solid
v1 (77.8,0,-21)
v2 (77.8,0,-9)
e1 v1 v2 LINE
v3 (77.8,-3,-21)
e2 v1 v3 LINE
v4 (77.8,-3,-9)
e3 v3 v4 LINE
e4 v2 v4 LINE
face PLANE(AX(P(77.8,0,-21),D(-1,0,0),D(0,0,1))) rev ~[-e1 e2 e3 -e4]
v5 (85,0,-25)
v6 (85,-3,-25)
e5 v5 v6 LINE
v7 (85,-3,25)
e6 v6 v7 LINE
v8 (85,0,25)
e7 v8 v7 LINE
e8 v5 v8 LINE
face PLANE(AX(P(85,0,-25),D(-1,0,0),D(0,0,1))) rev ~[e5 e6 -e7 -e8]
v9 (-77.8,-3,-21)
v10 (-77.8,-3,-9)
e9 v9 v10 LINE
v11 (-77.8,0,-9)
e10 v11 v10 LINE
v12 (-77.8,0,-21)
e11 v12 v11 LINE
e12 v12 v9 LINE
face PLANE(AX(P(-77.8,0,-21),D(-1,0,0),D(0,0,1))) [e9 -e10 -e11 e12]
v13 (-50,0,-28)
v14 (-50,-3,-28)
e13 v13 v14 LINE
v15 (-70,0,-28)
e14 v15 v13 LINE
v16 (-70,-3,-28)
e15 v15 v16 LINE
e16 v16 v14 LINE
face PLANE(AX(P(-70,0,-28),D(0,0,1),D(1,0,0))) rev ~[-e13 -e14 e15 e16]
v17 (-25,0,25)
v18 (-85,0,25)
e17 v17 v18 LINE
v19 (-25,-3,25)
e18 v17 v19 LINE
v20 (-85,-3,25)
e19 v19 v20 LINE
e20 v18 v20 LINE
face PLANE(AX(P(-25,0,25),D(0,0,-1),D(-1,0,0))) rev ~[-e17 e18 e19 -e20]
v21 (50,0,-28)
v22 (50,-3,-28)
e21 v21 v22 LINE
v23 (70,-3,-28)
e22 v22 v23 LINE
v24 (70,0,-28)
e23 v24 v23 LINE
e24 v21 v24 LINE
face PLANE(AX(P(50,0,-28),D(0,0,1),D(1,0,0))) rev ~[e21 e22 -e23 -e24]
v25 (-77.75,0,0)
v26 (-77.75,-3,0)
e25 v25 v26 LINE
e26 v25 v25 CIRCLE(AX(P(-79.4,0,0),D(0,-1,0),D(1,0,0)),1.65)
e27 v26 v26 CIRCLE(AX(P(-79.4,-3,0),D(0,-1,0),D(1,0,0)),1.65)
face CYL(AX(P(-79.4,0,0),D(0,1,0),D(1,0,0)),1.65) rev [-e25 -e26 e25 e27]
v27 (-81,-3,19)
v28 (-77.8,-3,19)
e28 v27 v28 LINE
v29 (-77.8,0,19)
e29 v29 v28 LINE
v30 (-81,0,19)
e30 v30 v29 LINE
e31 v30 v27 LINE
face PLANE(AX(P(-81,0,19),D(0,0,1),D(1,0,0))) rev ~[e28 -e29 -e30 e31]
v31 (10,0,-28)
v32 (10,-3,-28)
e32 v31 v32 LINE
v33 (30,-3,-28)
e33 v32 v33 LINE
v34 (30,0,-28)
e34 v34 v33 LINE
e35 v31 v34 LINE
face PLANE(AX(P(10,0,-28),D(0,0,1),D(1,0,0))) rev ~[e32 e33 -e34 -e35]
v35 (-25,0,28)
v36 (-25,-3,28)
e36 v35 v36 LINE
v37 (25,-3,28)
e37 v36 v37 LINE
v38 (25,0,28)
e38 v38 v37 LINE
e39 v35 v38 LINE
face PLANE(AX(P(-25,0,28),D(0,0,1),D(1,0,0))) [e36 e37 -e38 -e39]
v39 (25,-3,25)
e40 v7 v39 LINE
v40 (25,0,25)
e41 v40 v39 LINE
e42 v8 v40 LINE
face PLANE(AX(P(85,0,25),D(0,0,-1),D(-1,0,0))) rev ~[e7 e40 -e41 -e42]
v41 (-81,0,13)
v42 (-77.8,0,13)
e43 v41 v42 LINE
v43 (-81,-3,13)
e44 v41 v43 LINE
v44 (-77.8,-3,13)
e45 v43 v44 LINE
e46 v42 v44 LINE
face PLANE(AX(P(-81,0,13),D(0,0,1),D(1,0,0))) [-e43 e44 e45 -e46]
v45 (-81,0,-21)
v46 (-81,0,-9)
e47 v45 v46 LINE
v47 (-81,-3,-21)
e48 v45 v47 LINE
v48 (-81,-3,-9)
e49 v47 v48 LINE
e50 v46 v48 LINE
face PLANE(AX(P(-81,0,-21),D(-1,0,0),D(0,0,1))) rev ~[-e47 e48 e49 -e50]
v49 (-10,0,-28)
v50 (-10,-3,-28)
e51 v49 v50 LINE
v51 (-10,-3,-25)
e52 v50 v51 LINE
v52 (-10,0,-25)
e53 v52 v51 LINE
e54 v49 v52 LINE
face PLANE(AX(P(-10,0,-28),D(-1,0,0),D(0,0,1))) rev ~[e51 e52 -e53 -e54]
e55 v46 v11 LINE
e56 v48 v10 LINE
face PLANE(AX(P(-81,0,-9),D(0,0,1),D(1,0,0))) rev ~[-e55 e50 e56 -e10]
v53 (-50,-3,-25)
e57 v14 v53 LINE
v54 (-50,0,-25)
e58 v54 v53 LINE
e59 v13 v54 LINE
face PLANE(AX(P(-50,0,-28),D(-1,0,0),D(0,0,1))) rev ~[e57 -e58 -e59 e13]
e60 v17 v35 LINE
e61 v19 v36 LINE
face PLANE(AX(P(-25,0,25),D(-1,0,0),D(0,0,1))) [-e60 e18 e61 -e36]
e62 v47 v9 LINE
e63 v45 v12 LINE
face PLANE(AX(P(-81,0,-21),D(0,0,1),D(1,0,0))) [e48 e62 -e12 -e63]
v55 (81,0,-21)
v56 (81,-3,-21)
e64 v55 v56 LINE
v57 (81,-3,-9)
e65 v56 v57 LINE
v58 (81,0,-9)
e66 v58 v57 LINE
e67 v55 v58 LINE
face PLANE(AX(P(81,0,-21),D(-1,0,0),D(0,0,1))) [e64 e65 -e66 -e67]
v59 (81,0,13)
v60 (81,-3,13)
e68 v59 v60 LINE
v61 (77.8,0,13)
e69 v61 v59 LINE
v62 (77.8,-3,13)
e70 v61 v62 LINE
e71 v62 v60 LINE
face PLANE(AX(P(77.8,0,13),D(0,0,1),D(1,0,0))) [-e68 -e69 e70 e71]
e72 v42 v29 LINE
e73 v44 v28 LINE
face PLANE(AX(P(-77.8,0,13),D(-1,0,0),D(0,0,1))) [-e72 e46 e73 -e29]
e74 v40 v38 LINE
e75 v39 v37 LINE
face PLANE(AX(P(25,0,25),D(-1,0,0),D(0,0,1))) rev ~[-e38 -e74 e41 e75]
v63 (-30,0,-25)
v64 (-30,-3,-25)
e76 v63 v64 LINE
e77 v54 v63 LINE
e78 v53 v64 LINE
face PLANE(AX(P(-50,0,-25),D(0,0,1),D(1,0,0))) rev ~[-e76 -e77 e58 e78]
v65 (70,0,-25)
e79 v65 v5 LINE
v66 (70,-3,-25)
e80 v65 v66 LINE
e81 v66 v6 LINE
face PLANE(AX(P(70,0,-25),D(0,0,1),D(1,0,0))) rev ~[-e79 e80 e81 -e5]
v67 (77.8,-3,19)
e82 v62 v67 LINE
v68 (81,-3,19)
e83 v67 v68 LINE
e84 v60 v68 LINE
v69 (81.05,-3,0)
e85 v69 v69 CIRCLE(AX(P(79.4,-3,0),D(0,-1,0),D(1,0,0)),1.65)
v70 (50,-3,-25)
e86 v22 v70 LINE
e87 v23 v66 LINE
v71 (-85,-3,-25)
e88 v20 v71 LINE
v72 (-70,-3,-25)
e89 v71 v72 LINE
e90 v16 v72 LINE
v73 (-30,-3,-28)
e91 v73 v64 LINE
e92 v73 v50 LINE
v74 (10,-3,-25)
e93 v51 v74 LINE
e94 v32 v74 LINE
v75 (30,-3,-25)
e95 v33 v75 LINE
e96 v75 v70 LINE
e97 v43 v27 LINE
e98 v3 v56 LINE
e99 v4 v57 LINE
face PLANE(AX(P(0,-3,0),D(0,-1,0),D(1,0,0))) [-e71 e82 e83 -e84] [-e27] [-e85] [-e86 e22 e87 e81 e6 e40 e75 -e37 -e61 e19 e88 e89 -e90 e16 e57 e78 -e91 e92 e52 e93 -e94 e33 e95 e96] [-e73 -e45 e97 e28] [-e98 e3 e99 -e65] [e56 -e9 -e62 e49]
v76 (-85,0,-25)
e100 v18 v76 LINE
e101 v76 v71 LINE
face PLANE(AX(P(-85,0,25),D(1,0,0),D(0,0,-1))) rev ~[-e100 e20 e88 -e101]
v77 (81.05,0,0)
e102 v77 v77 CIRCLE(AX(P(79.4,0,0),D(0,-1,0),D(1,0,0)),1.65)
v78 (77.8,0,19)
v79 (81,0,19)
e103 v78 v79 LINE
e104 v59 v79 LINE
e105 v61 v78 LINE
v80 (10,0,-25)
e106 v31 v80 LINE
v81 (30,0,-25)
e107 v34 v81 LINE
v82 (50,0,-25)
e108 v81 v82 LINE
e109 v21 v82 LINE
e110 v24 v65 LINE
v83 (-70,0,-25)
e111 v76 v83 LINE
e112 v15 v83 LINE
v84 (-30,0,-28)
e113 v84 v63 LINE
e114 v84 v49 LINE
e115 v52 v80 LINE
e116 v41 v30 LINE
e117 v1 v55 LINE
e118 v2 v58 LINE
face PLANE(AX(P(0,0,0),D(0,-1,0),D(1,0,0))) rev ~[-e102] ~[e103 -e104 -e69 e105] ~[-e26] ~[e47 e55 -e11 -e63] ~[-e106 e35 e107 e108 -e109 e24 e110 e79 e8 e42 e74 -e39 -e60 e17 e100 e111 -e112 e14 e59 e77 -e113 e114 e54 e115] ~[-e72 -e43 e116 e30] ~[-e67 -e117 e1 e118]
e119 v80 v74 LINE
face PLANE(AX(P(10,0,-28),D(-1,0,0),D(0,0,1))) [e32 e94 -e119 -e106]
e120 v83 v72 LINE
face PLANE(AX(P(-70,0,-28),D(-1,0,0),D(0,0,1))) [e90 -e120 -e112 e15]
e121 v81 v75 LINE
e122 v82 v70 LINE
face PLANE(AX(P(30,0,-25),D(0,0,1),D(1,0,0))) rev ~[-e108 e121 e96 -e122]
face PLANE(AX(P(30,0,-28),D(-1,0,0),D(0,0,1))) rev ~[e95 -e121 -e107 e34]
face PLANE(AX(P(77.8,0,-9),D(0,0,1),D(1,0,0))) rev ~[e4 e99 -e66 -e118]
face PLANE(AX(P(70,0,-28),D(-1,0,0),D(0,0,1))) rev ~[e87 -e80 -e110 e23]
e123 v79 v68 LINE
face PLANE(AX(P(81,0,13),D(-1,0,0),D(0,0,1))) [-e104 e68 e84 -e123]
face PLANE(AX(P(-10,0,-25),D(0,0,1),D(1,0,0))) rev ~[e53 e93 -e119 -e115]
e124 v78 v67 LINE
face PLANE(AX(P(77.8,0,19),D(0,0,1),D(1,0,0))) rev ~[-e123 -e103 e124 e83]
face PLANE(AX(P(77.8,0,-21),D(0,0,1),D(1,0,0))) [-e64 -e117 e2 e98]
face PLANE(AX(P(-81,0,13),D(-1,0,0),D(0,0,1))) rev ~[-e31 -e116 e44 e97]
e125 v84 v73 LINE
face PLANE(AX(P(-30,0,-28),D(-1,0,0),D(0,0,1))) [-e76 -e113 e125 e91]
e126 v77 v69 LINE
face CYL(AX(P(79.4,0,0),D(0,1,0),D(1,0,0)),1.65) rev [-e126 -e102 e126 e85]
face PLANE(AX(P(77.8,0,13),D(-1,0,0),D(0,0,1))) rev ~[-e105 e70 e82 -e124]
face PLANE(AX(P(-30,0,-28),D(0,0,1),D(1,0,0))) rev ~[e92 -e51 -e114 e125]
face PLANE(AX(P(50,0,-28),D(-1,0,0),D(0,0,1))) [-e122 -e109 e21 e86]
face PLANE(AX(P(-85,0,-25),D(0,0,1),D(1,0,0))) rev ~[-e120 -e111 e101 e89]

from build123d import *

# Parameters (mm, degrees)
F0_W     = 3.2
F0_H     = 12
F0_R     = 1.65
F0_H_2   = 6
F0_W_2   = 50
F0_H_3   = 3
F0_W_3   = 20
F1_DEPTH = 3


with BuildPart() as f1:
    # F0 (on Front) → F1 (new body)
    with BuildSketch(Plane.XZ):
        Polygon((70, -25), (85, -25), (85, 25), (25, 25), (-25, 25), (-85, 25), (-85, -25), (-70, -25), (-50, -25), (-30, -25), (-10, -25), (10, -25), (30, -25), (50, -25), align=None)
        with Locations((-79.4, -15)):
            Rectangle(F0_W, F0_H, mode=Mode.SUBTRACT)
        with Locations((79.4, -15)):
            Rectangle(F0_W, F0_H, mode=Mode.SUBTRACT)
        with Locations((-79.4, 0)):
            Circle(F0_R, mode=Mode.SUBTRACT)
        with Locations((-79.4, 16)):
            Rectangle(F0_W, F0_H_2, mode=Mode.SUBTRACT)
        with Locations((79.4, 0)):
            Circle(F0_R, mode=Mode.SUBTRACT)
        with Locations((79.4, 16)):
            Rectangle(F0_W, F0_H_2, mode=Mode.SUBTRACT)
        with Locations((0, 26.5)):
            Rectangle(F0_W_2, F0_H_3)
        with Locations((-60, -26.5)):
            Rectangle(F0_W_3, F0_H_3)
        with Locations((-20, -26.5)):
            Rectangle(F0_W_3, F0_H_3)
        with Locations((20, -26.5)):
            Rectangle(F0_W_3, F0_H_3)
        with Locations((60, -26.5)):
            Rectangle(F0_W_3, F0_H_3)
    extrude(amount=F1_DEPTH)


solid = f1.part
